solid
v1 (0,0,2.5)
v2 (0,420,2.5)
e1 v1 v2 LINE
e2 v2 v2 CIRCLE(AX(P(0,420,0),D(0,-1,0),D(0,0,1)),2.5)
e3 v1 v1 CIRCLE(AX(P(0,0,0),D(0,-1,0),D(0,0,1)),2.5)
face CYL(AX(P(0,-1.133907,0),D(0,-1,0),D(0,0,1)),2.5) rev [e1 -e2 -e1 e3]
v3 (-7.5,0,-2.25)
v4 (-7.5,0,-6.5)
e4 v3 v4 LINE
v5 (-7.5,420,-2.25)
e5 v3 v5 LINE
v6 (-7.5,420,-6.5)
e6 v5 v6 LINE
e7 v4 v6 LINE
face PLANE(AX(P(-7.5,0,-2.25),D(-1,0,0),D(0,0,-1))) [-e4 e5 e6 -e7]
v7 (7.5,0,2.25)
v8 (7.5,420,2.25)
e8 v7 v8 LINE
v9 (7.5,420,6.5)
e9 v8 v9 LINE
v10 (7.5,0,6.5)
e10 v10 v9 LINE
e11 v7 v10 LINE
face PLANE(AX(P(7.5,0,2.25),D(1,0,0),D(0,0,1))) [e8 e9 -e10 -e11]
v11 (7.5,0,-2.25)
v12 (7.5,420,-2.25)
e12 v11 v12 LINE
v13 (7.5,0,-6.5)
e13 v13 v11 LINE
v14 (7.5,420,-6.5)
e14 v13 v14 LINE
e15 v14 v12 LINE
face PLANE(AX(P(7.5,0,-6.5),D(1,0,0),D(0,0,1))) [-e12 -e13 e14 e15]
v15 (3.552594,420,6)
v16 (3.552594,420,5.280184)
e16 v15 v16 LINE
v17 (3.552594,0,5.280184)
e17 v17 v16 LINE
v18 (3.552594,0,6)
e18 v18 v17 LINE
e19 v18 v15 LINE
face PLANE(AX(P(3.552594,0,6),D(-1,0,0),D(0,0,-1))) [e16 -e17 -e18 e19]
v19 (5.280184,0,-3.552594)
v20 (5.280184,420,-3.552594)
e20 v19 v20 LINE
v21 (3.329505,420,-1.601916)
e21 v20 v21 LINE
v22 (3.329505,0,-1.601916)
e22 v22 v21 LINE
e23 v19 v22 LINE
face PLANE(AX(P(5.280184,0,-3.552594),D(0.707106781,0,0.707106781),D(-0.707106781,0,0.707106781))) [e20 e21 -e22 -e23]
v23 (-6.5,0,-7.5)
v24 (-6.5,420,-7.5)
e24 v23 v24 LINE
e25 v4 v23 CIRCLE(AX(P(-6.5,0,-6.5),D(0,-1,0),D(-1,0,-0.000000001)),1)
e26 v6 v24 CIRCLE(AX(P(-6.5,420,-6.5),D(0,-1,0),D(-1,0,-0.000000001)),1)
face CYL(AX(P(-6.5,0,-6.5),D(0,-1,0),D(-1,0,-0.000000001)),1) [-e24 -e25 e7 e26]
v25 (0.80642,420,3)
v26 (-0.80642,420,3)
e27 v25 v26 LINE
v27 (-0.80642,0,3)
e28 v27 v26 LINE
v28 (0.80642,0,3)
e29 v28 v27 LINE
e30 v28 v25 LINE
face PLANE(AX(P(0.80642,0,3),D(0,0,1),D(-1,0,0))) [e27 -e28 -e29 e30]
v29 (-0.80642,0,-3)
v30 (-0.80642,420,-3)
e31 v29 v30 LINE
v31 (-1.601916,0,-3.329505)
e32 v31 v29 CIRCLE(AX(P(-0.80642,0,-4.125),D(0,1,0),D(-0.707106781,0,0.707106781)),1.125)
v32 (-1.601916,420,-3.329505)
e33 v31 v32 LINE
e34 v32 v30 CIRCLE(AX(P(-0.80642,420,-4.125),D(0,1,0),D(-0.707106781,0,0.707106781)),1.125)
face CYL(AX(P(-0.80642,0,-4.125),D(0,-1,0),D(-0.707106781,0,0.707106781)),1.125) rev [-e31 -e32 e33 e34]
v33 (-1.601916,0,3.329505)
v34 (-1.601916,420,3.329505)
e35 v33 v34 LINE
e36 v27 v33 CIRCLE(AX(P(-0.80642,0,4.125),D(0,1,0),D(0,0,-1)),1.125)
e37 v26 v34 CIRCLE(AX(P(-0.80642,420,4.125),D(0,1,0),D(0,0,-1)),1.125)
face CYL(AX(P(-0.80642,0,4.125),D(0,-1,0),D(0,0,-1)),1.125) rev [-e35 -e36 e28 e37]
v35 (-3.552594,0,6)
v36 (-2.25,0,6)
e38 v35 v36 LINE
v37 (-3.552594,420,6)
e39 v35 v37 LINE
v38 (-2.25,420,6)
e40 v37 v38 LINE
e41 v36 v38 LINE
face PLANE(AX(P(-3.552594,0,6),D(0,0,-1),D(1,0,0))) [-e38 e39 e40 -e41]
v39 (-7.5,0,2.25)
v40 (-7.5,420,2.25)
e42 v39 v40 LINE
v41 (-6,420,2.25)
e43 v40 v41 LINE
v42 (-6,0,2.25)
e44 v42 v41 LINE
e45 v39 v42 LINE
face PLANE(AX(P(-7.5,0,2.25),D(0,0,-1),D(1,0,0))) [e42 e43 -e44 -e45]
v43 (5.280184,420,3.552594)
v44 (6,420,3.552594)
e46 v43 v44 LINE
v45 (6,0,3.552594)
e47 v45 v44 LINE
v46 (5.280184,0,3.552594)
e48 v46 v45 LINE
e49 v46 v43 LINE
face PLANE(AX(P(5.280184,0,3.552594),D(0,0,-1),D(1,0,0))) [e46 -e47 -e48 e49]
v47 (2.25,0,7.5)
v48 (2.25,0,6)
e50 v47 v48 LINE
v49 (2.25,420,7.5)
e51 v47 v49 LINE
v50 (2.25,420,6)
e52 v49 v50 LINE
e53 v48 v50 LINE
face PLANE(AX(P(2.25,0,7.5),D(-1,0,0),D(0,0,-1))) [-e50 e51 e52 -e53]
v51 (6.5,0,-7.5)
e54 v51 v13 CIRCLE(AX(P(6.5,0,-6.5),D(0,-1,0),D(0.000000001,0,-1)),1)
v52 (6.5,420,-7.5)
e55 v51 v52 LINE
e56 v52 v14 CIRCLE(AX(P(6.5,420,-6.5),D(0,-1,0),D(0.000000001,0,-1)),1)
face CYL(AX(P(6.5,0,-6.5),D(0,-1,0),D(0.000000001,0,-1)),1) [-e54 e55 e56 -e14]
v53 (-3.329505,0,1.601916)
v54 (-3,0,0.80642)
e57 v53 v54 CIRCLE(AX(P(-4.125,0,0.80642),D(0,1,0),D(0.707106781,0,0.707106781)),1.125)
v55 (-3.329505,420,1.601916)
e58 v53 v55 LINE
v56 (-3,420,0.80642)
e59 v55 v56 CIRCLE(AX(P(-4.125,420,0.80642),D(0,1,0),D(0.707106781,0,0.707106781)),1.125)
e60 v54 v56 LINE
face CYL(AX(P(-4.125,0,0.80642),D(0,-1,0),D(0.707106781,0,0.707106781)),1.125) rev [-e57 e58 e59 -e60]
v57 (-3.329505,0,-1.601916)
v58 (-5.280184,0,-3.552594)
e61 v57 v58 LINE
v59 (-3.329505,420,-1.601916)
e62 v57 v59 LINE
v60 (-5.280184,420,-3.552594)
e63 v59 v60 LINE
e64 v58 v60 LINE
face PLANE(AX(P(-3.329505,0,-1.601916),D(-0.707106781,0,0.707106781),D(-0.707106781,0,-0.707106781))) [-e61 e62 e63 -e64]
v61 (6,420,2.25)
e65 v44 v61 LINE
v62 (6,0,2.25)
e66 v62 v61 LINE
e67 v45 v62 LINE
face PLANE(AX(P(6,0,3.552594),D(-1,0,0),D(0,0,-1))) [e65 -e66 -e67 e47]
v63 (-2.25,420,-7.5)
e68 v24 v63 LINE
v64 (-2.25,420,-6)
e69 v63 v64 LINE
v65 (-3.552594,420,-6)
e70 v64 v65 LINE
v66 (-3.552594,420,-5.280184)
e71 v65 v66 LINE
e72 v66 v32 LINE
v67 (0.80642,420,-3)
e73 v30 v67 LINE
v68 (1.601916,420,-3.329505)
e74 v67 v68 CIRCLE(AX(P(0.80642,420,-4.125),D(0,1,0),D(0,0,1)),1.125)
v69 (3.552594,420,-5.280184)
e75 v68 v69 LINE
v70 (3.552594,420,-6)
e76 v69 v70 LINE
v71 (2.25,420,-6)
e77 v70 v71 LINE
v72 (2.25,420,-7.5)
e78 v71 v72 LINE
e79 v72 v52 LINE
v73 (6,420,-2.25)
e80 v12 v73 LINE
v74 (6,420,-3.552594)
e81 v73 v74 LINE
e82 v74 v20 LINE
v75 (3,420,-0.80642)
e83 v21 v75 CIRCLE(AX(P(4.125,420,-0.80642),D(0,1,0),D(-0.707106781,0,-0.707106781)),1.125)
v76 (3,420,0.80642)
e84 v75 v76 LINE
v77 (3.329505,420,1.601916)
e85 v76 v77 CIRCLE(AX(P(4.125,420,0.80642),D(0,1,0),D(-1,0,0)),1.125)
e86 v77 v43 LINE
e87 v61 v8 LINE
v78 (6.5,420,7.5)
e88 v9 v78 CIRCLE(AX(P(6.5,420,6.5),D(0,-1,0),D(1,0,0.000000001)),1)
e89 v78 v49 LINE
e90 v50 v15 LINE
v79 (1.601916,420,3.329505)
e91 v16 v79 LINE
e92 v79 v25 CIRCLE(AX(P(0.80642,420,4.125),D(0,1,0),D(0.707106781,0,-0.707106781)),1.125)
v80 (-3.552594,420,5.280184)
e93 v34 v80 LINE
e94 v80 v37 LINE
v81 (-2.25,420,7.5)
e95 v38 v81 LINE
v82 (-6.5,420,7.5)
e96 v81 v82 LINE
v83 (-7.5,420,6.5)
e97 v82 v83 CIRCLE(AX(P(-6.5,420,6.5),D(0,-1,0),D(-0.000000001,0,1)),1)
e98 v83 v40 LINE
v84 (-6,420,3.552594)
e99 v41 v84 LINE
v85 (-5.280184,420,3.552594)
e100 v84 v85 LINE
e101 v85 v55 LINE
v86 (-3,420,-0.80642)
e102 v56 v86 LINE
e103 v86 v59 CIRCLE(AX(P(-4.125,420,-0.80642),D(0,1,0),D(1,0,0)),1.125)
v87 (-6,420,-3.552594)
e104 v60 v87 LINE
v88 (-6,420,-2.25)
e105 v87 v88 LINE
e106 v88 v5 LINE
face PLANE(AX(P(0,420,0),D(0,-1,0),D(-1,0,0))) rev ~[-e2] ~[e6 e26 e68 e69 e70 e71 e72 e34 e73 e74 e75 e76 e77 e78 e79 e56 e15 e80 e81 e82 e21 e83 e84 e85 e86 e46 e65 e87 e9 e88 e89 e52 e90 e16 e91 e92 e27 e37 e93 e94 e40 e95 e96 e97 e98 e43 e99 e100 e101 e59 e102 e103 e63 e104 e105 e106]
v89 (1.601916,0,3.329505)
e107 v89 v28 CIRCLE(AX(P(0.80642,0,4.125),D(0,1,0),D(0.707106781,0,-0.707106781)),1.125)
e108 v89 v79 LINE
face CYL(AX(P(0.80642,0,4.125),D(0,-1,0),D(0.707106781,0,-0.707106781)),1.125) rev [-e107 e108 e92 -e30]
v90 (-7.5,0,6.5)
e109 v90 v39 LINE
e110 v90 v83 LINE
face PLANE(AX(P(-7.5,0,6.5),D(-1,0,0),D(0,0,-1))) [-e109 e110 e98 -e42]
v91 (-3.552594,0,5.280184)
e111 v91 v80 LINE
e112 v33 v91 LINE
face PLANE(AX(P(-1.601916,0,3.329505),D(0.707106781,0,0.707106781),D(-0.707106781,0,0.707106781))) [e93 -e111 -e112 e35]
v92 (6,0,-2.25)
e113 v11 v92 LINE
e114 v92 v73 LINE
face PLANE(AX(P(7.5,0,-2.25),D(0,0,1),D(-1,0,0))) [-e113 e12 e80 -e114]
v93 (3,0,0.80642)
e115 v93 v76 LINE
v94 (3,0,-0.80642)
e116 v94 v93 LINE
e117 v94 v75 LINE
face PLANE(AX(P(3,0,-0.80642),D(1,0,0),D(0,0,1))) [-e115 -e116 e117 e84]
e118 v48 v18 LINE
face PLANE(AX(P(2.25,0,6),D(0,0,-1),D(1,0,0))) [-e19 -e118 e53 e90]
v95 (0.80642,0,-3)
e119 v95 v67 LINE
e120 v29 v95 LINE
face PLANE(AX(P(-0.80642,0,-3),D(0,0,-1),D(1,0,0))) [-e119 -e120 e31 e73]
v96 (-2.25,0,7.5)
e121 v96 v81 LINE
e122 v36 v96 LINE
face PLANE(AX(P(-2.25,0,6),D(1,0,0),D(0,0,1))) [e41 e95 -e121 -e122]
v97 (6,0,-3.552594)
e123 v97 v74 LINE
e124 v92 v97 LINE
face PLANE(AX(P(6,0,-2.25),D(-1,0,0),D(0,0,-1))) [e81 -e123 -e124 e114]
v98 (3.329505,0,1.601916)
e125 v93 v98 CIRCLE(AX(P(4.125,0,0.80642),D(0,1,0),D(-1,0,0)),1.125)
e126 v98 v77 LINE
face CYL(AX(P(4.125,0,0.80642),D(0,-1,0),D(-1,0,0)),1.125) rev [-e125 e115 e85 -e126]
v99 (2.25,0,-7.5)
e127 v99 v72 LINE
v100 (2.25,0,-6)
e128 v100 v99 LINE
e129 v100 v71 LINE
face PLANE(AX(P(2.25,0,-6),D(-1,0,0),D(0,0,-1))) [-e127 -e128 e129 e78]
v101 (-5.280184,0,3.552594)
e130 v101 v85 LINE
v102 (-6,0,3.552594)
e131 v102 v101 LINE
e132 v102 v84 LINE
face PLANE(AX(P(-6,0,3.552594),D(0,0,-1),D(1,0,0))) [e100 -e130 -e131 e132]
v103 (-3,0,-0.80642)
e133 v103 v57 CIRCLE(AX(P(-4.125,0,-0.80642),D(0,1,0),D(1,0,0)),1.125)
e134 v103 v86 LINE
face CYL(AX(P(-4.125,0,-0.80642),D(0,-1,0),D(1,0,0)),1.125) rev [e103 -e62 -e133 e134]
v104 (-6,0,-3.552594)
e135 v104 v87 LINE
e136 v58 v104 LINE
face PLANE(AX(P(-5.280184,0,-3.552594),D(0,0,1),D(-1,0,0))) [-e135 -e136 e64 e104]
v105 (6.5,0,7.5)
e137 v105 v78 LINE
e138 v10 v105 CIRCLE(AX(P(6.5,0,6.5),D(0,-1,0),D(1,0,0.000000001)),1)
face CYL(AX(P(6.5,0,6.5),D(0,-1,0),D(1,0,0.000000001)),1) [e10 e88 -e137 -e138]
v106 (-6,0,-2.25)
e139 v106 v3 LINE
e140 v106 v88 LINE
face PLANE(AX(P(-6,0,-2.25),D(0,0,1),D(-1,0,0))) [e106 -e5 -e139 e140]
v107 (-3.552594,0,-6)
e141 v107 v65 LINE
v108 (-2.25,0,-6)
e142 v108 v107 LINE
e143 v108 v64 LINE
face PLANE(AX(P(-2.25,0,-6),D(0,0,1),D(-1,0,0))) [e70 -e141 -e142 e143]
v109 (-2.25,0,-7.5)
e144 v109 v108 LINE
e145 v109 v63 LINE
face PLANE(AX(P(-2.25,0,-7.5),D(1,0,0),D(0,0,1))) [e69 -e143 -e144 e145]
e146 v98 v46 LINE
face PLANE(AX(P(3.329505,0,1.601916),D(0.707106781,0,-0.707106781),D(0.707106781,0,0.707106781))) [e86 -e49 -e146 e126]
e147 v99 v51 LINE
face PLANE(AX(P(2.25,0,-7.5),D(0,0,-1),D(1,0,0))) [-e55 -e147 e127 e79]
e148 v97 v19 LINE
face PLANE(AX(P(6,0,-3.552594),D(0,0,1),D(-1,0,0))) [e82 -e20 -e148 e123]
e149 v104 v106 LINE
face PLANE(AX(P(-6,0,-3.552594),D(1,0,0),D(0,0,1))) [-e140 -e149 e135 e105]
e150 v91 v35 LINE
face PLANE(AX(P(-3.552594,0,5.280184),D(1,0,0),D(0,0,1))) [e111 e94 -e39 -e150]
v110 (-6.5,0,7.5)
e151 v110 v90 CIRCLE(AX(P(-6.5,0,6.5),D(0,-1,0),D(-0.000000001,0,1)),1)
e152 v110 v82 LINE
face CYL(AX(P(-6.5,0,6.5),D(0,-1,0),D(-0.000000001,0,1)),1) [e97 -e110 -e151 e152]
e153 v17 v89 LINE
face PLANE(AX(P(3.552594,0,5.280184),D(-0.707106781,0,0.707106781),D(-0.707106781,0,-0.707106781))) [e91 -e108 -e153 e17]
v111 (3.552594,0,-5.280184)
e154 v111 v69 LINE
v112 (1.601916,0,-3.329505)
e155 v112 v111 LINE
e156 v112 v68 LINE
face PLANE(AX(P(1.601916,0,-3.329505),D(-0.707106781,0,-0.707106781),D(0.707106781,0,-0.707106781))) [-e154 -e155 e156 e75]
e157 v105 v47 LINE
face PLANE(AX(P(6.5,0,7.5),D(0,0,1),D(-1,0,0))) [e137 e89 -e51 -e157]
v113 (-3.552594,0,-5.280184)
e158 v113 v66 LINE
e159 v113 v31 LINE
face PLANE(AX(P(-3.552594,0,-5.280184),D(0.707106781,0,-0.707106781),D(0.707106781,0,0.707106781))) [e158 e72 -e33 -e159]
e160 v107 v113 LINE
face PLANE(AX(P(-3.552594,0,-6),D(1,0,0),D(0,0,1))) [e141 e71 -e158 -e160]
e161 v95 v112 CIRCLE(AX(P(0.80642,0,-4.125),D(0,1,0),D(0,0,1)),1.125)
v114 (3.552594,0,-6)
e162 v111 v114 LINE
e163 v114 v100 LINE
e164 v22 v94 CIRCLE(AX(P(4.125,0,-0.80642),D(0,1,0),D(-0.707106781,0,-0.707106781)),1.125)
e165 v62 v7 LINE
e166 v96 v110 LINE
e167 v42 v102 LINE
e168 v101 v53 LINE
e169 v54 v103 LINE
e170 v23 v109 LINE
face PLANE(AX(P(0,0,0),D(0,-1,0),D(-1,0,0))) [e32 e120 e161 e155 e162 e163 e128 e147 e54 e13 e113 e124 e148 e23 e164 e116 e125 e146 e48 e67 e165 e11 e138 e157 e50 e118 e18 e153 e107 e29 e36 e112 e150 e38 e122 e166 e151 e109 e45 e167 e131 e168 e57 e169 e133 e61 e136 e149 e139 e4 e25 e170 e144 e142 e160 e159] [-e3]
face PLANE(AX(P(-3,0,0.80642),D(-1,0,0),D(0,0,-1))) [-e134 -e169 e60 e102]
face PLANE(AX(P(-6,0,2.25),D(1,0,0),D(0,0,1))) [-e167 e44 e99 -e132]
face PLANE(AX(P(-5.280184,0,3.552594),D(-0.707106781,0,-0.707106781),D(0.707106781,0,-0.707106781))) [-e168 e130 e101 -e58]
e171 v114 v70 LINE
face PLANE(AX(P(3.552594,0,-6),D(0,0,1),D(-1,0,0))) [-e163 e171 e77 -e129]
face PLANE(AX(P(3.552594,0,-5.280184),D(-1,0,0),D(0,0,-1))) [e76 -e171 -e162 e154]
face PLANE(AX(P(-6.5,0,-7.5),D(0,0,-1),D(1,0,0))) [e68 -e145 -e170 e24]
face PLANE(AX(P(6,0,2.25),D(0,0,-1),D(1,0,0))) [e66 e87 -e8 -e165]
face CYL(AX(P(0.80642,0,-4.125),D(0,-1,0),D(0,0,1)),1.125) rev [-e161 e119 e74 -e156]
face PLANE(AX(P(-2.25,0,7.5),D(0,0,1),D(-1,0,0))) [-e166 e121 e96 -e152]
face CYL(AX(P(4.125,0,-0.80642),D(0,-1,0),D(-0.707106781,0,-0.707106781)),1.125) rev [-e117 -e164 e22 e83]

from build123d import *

# Parameters (mm, degrees)
BOSS_EXTRUDE1_DEPTH     = 420
CUT_EXTRUDE1_DEPTH      = 421.133907225
CUT_EXTRUDE1_DEPTH_BACK = 421.133907225
SKETCH3_R               = 2.5


with BuildPart() as part:
    # Sketch1 → Boss-Extrude1 (new body)
    with BuildSketch(Plane(origin=(0, 0, 0), x_dir=(1, 0, 0), z_dir=(0, 1, 0))):
        with BuildLine():
            Line((-6.5, 7.5), (-2.25, 7.5))
            Line((-2.25, 7.5), (-2.25, 6))
            Line((-2.25, 6), (-3.552594335, 6))
            Line((-3.552594335, 6), (-3.552594335, 5.280183676))
            Line((-3.552594335, 5.280183676), (-1.60191553, 3.329504871))
            ThreePointArc((-1.60191553, 3.329504871), (-1.236939263, 3.085635526), (-0.806420401, 3))
            Line((-0.806420401, 3), (0.806420401, 3))
            ThreePointArc((0.806420401, 3), (1.236939263, 3.085635526), (1.60191553, 3.329504871))
            Line((1.60191553, 3.329504871), (3.552594335, 5.280183676))
            Line((3.552594335, 5.280183676), (3.552594335, 6))
            Line((3.552594335, 6), (2.25, 6))
            Line((2.25, 6), (2.25, 7.5))
            Line((2.25, 7.5), (6.5, 7.5))
            ThreePointArc((6.5, 7.5), (7.207106781, 7.207106781), (7.5, 6.5))
            Line((7.5, 6.5), (7.5, 2.25))
            Line((7.5, 2.25), (6, 2.25))
            Line((6, 2.25), (6, 3.552594335))
            Line((6, 3.552594335), (5.280183676, 3.552594335))
            Line((5.280183676, 3.552594335), (3.329504871, 1.60191553))
            ThreePointArc((3.329504871, 1.60191553), (3.085635526, 1.236939263), (3, 0.806420401))
            Line((3, 0.806420401), (3, -0.806420401))
            ThreePointArc((3, -0.806420401), (3.085635526, -1.236939263), (3.329504871, -1.60191553))
            Line((3.329504871, -1.60191553), (5.280183676, -3.552594335))
            Line((5.280183676, -3.552594335), (6, -3.552594335))
            Line((6, -3.552594335), (6, -2.25))
            Line((6, -2.25), (7.5, -2.25))
            Line((7.5, -2.25), (7.5, -6.5))
            ThreePointArc((7.5, -6.5), (7.207106781, -7.207106781), (6.5, -7.5))
            Line((6.5, -7.5), (2.25, -7.5))
            Line((2.25, -7.5), (2.25, -6))
            Line((2.25, -6), (3.552594335, -6))
            Line((3.552594335, -6), (3.552594335, -5.280183676))
            Line((3.552594335, -5.280183676), (1.60191553, -3.329504871))
            ThreePointArc((1.60191553, -3.329504871), (1.236939263, -3.085635526), (0.806420401, -3))
            Line((0.806420401, -3), (-0.806420401, -3))
            ThreePointArc((-0.806420401, -3), (-1.236939263, -3.085635526), (-1.60191553, -3.329504871))
            Line((-1.60191553, -3.329504871), (-3.552594335, -5.280183676))
            Line((-3.552594335, -5.280183676), (-3.552594335, -6))
            Line((-3.552594335, -6), (-2.25, -6))
            Line((-2.25, -6), (-2.25, -7.5))
            Line((-2.25, -7.5), (-6.5, -7.5))
            ThreePointArc((-6.5, -7.5), (-7.207106781, -7.207106781), (-7.5, -6.5))
            Line((-7.5, -6.5), (-7.5, -2.25))
            Line((-7.5, -2.25), (-6, -2.25))
            Line((-6, -2.25), (-6, -3.552594335))
            Line((-6, -3.552594335), (-5.280183676, -3.552594335))
            Line((-5.280183676, -3.552594335), (-3.329504871, -1.60191553))
            ThreePointArc((-3.329504871, -1.60191553), (-3.085635526, -1.236939263), (-3, -0.806420401))
            Line((-3, -0.806420401), (-3, 0.806420401))
            ThreePointArc((-3, 0.806420401), (-3.085635526, 1.236939263), (-3.329504871, 1.60191553))
            Line((-3.329504871, 1.60191553), (-5.280183676, 3.552594335))
            Line((-5.280183676, 3.552594335), (-6, 3.552594335))
            Line((-6, 3.552594335), (-6, 2.25))
            Line((-6, 2.25), (-7.5, 2.25))
            Line((-7.5, 2.25), (-7.5, 6.5))
            ThreePointArc((-7.5, 6.5), (-7.207106781, 7.207106781), (-6.5, 7.5))
        make_face()
    extrude(amount=BOSS_EXTRUDE1_DEPTH)

    # Sketch3 → Cut-Extrude1 (cut, two sides: drawn at the far end of the back side and taken through both)
    with BuildSketch(Plane(origin=(0, 420, 0), x_dir=(1, 0, 0), z_dir=(0, 1, 0)).offset(-CUT_EXTRUDE1_DEPTH_BACK)):
        with Locations(Location((0, 0, 0), (0, 0, 270))):
            Circle(SKETCH3_R)
    extrude(amount=CUT_EXTRUDE1_DEPTH + CUT_EXTRUDE1_DEPTH_BACK, mode=Mode.SUBTRACT)


solid = part.part
